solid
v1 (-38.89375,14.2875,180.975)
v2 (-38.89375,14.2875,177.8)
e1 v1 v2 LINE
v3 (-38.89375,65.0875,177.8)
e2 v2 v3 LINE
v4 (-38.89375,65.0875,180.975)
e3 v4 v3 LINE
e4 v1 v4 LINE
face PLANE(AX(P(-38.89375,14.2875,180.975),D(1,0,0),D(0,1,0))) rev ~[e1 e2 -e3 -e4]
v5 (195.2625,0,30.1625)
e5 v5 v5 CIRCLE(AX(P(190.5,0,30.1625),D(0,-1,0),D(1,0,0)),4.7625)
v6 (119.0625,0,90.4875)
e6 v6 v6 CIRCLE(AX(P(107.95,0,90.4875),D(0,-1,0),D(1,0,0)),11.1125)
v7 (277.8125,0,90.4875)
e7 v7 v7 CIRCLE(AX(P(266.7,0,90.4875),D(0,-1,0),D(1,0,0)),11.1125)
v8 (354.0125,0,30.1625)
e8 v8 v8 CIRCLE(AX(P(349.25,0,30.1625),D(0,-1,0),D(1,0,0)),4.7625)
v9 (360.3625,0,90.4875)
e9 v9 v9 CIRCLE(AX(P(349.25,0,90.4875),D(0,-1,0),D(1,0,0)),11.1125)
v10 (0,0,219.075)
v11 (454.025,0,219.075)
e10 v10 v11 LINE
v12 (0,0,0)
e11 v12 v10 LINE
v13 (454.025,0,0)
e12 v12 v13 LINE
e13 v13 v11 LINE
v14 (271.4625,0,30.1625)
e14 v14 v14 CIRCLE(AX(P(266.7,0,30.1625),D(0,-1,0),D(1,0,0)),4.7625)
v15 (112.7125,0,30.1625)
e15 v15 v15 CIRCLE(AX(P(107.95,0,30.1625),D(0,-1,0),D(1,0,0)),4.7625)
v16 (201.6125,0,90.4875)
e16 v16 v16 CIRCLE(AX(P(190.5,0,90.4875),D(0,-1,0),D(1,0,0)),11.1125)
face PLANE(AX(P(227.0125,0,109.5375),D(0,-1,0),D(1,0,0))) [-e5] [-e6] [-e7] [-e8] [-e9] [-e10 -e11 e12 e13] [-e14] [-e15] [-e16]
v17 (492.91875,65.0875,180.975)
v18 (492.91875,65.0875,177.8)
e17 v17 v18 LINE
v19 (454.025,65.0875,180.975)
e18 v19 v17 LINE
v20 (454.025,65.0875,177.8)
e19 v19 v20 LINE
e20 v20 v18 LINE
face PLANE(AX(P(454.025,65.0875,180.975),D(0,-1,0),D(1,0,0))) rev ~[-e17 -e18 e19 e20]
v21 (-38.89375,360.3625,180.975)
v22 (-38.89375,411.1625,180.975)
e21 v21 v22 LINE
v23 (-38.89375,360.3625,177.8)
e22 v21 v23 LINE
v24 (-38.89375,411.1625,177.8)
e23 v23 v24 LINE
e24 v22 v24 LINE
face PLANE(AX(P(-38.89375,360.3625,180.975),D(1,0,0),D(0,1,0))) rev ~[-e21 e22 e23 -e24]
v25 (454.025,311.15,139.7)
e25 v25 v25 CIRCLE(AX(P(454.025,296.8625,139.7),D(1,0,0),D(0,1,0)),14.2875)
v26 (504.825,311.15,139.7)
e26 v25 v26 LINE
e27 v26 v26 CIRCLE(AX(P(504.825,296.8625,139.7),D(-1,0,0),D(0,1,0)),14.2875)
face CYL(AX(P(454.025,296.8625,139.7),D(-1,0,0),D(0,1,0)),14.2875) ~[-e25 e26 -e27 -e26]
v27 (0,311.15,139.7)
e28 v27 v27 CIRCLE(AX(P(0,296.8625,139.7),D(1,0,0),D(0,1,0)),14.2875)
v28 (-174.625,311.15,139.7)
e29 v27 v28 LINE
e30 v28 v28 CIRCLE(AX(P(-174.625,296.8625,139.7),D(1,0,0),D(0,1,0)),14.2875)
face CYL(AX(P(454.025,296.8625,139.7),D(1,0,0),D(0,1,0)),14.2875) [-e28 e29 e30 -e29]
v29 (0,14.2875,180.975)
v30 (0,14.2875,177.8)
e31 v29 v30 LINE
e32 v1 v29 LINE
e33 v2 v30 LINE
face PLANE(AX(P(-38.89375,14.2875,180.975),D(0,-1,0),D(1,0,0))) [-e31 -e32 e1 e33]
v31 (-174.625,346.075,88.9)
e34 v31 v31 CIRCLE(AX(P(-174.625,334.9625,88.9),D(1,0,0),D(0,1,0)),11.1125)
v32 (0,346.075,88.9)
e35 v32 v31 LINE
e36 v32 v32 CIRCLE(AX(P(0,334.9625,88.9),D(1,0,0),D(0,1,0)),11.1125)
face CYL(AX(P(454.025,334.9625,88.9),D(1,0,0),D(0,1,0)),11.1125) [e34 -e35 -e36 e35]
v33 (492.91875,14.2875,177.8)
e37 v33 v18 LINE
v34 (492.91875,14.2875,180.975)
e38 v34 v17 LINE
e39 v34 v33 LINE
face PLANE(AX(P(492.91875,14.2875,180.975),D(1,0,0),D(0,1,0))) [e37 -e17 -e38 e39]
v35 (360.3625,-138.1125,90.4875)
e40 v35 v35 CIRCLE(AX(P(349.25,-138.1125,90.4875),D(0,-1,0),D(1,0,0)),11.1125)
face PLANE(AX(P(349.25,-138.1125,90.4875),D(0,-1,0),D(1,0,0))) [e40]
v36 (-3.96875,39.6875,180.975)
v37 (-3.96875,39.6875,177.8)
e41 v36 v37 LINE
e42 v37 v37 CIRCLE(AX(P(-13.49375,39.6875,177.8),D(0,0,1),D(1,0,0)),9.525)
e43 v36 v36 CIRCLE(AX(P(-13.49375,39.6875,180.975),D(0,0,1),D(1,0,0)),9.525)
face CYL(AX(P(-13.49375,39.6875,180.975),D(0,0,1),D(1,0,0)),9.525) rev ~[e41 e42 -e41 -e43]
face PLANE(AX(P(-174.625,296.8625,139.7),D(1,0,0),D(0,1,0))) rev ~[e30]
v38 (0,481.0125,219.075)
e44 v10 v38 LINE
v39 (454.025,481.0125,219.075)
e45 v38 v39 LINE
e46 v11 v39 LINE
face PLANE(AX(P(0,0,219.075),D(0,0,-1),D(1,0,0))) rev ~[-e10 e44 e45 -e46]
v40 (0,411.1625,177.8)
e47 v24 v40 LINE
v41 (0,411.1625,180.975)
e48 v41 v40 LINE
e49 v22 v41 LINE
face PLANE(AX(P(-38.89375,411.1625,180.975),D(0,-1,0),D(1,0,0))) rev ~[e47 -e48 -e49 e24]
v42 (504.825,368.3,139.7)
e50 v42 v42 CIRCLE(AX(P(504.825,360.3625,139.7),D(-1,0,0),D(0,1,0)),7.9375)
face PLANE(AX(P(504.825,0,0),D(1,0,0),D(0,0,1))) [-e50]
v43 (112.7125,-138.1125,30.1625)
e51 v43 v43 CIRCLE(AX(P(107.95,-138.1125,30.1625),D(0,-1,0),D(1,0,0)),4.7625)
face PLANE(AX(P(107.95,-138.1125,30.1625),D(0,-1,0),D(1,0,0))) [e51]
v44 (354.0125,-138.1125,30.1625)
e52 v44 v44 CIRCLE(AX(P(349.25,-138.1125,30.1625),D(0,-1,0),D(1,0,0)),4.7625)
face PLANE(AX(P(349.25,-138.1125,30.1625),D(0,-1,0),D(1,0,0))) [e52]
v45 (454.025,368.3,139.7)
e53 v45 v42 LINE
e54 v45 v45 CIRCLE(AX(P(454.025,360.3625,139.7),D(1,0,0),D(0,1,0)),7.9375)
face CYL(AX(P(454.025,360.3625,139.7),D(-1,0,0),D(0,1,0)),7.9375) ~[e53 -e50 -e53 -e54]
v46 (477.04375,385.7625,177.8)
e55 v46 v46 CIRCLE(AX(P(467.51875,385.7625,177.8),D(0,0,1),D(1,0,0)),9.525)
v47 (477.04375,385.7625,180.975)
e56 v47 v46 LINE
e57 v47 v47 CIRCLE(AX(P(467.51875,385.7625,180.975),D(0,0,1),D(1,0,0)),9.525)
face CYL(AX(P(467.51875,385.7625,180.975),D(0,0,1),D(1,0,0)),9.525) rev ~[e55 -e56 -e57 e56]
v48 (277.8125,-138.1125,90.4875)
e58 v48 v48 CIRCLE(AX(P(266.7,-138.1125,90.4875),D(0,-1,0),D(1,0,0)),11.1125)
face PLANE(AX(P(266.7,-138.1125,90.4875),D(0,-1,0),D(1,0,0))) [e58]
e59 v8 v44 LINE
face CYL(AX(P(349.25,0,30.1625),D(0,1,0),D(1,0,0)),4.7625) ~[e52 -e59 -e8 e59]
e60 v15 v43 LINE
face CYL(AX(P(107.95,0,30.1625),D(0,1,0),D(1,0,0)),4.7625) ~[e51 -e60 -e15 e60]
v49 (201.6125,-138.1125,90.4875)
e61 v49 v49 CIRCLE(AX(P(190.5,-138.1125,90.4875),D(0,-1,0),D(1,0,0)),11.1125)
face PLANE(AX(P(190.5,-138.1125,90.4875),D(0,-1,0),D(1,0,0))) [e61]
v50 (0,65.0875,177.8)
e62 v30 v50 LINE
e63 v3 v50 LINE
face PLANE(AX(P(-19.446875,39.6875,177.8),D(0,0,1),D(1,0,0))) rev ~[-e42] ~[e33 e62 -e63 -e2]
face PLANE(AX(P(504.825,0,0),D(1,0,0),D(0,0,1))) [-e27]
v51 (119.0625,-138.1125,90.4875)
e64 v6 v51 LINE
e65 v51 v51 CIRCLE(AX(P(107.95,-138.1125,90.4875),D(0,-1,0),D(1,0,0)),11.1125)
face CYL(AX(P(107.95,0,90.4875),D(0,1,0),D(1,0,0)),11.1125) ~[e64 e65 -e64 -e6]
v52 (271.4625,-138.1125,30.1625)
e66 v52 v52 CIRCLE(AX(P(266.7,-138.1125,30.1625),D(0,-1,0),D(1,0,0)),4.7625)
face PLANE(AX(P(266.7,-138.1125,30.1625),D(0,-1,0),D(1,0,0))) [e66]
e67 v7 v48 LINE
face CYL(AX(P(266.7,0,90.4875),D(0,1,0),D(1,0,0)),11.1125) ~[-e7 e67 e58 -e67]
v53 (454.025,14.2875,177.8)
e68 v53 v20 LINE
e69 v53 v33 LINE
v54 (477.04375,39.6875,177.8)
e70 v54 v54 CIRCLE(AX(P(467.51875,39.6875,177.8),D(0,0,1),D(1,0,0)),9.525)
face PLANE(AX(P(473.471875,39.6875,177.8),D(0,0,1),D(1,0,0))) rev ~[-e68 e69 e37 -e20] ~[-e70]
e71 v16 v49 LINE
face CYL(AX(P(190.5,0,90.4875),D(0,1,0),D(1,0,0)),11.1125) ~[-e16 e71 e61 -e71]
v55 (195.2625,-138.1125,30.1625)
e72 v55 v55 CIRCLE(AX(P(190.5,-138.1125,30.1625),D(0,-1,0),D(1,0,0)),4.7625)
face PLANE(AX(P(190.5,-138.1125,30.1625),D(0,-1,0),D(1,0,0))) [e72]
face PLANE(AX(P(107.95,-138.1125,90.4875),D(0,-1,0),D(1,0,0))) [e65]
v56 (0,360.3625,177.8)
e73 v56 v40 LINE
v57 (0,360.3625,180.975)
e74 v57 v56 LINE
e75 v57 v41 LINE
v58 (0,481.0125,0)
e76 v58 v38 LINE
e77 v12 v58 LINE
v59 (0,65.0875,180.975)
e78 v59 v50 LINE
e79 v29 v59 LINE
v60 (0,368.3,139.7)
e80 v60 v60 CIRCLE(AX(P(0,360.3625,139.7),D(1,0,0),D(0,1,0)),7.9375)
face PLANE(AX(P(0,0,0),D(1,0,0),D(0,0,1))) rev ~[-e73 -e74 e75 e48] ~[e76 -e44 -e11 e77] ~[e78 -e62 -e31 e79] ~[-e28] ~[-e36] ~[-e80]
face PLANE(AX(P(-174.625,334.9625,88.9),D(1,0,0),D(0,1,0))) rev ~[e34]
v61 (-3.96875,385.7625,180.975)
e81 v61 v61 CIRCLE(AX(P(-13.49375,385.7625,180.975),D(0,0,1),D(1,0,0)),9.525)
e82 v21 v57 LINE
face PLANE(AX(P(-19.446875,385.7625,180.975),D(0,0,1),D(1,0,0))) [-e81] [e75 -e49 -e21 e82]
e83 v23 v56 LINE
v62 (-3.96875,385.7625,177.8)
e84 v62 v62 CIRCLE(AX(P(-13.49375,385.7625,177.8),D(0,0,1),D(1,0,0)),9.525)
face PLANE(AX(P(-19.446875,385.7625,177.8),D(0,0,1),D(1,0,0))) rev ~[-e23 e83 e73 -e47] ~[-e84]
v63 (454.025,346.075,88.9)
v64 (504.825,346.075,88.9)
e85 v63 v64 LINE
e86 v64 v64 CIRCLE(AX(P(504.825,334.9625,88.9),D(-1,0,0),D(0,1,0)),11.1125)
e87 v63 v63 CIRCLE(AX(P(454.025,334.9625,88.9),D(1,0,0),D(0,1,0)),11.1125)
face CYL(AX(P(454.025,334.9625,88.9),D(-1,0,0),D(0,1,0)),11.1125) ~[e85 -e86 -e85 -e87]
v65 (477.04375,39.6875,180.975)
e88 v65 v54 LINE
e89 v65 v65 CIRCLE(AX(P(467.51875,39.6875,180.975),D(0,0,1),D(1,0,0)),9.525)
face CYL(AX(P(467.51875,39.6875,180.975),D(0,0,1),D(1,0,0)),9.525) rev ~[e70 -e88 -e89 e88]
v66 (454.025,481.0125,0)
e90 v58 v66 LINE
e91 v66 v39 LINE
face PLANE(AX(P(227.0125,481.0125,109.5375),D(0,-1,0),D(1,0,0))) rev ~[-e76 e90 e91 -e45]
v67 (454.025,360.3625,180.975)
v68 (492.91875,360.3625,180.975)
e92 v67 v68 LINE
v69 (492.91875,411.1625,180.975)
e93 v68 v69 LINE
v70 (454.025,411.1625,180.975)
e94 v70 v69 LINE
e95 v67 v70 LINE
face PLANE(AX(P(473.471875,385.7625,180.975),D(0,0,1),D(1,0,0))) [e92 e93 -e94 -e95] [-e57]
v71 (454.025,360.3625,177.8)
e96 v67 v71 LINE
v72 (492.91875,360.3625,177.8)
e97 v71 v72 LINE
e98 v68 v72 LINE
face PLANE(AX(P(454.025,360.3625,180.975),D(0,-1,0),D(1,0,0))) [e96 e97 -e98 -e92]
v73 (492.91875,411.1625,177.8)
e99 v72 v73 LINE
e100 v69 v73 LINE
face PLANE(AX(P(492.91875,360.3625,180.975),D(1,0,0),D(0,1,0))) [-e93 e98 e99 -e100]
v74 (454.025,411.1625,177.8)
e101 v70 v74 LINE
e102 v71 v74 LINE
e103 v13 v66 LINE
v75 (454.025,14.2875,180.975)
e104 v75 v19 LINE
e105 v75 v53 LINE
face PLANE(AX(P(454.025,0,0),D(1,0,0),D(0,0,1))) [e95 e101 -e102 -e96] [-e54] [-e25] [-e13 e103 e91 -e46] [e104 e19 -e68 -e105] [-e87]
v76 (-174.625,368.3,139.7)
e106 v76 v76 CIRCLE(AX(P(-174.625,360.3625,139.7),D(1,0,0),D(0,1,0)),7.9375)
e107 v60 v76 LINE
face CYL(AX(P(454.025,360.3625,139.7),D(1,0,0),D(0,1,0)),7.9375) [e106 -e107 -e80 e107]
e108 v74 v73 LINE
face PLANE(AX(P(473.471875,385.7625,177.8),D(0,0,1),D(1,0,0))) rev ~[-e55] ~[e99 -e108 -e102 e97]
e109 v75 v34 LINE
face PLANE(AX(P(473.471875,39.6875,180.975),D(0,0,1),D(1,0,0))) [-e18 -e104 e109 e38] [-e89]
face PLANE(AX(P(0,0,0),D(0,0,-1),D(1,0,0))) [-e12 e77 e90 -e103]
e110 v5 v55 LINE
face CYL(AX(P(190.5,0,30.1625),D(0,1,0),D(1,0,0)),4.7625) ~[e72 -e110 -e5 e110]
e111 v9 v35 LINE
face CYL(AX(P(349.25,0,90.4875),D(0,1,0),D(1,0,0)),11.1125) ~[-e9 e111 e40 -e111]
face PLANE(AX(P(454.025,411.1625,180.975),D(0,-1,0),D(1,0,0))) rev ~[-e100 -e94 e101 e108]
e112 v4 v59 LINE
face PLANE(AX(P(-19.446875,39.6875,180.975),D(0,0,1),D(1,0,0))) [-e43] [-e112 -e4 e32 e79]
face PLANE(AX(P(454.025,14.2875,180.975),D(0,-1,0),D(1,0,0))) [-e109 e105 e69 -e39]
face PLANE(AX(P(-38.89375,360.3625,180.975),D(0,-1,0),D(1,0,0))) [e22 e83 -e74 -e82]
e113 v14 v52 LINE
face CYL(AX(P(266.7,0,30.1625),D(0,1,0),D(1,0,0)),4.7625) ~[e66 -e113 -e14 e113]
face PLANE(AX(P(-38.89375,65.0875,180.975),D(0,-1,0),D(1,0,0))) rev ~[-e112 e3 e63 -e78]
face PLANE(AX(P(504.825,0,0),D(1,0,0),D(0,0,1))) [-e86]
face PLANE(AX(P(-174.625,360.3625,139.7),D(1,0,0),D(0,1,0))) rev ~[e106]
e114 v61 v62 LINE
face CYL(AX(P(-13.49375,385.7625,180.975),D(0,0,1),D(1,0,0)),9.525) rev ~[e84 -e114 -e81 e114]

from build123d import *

# Parameters (mm, degrees)
F0_W          = 454.025
F0_H          = 219.075
F1_DEPTH      = 481.0125
F2_R          = 11.1125
F2_R_2        = 4.7625
F3_DEPTH      = 138.1125
F4_R          = 14.2875
F4_R_2        = 7.9375
F4_R_3        = 11.1125
F5_DEPTH      = 174.625
F5_DEPTH_BACK = 628.65
F7_W          = 38.89375
F7_H          = 50.8
F7_R          = 9.525
F8_DEPTH      = 3.175
F9_W          = 152.4
F9_H          = 219.075
F10_DEPTH     = 481.0135


with BuildPart() as f1:
    # F0 (on Front) → F1 (new body)
    with BuildSketch(Plane.XZ):
        with Locations((227.0125, 109.5375)):
            Rectangle(F0_W, F0_H)
    extrude(amount=-F1_DEPTH)

    # F2 (on Front) → F3 (join)
    with BuildSketch(Plane.XZ):
        with Locations((107.95, 90.4875)):
            Circle(F2_R)
        with Locations((107.95, 30.1625)):
            Circle(F2_R_2)
        with Locations((349.25, 90.4875)):
            Circle(F2_R)
        with Locations((349.25, 30.1625)):
            Circle(F2_R_2)
        with Locations((190.5, 90.4875)):
            Circle(F2_R)
        with Locations((266.7, 90.4875)):
            Circle(F2_R)
        with Locations((190.5, 30.1625)):
            Circle(F2_R_2)
        with Locations((266.7, 30.1625)):
            Circle(F2_R_2)
    extrude(amount=F3_DEPTH)

    # F4 (on face) → F5 (join, two sides)
    with BuildSketch(Plane.YZ.offset(454.025)) as f5_sk:
        with Locations((296.8625, 139.7)):
            Circle(F4_R)
        with Locations((360.3625, 139.7)):
            Circle(F4_R_2)
        with Locations((334.9625, 88.9)):
            Circle(F4_R_3)
    extrude(amount=F5_DEPTH)
    extrude(f5_sk.sketch, amount=-F5_DEPTH_BACK)

    # F7 (on offset) → F8 (join)
    with BuildSketch(Plane.XY.offset(180.975)):
        with Locations((-19.446875, 385.7625)):
            Rectangle(F7_W, F7_H)
        with Locations((-13.49375, 385.7625)):
            Circle(F7_R, mode=Mode.SUBTRACT)
        with Locations((-19.446875, 39.6875)):
            Rectangle(F7_W, F7_H)
        with Locations((-13.49375, 39.6875)):
            Circle(F7_R, mode=Mode.SUBTRACT)
        with Locations((473.471875, 385.7625)):
            Rectangle(F7_W, F7_H)
        with Locations((467.51875, 385.7625)):
            Circle(F7_R, mode=Mode.SUBTRACT)
        with Locations((473.471875, 39.6875)):
            Rectangle(F7_W, F7_H)
        with Locations((467.51875, 39.6875)):
            Circle(F7_R, mode=Mode.SUBTRACT)
    extrude(amount=-F8_DEPTH)

    # F9 (on face) → F10 (cut, through all)
    with BuildSketch(Plane.XZ):
        with Locations((581.025, 109.5375)):
            Rectangle(F9_W, F9_H)
    extrude(amount=-F10_DEPTH, mode=Mode.SUBTRACT)


solid = f1.part
